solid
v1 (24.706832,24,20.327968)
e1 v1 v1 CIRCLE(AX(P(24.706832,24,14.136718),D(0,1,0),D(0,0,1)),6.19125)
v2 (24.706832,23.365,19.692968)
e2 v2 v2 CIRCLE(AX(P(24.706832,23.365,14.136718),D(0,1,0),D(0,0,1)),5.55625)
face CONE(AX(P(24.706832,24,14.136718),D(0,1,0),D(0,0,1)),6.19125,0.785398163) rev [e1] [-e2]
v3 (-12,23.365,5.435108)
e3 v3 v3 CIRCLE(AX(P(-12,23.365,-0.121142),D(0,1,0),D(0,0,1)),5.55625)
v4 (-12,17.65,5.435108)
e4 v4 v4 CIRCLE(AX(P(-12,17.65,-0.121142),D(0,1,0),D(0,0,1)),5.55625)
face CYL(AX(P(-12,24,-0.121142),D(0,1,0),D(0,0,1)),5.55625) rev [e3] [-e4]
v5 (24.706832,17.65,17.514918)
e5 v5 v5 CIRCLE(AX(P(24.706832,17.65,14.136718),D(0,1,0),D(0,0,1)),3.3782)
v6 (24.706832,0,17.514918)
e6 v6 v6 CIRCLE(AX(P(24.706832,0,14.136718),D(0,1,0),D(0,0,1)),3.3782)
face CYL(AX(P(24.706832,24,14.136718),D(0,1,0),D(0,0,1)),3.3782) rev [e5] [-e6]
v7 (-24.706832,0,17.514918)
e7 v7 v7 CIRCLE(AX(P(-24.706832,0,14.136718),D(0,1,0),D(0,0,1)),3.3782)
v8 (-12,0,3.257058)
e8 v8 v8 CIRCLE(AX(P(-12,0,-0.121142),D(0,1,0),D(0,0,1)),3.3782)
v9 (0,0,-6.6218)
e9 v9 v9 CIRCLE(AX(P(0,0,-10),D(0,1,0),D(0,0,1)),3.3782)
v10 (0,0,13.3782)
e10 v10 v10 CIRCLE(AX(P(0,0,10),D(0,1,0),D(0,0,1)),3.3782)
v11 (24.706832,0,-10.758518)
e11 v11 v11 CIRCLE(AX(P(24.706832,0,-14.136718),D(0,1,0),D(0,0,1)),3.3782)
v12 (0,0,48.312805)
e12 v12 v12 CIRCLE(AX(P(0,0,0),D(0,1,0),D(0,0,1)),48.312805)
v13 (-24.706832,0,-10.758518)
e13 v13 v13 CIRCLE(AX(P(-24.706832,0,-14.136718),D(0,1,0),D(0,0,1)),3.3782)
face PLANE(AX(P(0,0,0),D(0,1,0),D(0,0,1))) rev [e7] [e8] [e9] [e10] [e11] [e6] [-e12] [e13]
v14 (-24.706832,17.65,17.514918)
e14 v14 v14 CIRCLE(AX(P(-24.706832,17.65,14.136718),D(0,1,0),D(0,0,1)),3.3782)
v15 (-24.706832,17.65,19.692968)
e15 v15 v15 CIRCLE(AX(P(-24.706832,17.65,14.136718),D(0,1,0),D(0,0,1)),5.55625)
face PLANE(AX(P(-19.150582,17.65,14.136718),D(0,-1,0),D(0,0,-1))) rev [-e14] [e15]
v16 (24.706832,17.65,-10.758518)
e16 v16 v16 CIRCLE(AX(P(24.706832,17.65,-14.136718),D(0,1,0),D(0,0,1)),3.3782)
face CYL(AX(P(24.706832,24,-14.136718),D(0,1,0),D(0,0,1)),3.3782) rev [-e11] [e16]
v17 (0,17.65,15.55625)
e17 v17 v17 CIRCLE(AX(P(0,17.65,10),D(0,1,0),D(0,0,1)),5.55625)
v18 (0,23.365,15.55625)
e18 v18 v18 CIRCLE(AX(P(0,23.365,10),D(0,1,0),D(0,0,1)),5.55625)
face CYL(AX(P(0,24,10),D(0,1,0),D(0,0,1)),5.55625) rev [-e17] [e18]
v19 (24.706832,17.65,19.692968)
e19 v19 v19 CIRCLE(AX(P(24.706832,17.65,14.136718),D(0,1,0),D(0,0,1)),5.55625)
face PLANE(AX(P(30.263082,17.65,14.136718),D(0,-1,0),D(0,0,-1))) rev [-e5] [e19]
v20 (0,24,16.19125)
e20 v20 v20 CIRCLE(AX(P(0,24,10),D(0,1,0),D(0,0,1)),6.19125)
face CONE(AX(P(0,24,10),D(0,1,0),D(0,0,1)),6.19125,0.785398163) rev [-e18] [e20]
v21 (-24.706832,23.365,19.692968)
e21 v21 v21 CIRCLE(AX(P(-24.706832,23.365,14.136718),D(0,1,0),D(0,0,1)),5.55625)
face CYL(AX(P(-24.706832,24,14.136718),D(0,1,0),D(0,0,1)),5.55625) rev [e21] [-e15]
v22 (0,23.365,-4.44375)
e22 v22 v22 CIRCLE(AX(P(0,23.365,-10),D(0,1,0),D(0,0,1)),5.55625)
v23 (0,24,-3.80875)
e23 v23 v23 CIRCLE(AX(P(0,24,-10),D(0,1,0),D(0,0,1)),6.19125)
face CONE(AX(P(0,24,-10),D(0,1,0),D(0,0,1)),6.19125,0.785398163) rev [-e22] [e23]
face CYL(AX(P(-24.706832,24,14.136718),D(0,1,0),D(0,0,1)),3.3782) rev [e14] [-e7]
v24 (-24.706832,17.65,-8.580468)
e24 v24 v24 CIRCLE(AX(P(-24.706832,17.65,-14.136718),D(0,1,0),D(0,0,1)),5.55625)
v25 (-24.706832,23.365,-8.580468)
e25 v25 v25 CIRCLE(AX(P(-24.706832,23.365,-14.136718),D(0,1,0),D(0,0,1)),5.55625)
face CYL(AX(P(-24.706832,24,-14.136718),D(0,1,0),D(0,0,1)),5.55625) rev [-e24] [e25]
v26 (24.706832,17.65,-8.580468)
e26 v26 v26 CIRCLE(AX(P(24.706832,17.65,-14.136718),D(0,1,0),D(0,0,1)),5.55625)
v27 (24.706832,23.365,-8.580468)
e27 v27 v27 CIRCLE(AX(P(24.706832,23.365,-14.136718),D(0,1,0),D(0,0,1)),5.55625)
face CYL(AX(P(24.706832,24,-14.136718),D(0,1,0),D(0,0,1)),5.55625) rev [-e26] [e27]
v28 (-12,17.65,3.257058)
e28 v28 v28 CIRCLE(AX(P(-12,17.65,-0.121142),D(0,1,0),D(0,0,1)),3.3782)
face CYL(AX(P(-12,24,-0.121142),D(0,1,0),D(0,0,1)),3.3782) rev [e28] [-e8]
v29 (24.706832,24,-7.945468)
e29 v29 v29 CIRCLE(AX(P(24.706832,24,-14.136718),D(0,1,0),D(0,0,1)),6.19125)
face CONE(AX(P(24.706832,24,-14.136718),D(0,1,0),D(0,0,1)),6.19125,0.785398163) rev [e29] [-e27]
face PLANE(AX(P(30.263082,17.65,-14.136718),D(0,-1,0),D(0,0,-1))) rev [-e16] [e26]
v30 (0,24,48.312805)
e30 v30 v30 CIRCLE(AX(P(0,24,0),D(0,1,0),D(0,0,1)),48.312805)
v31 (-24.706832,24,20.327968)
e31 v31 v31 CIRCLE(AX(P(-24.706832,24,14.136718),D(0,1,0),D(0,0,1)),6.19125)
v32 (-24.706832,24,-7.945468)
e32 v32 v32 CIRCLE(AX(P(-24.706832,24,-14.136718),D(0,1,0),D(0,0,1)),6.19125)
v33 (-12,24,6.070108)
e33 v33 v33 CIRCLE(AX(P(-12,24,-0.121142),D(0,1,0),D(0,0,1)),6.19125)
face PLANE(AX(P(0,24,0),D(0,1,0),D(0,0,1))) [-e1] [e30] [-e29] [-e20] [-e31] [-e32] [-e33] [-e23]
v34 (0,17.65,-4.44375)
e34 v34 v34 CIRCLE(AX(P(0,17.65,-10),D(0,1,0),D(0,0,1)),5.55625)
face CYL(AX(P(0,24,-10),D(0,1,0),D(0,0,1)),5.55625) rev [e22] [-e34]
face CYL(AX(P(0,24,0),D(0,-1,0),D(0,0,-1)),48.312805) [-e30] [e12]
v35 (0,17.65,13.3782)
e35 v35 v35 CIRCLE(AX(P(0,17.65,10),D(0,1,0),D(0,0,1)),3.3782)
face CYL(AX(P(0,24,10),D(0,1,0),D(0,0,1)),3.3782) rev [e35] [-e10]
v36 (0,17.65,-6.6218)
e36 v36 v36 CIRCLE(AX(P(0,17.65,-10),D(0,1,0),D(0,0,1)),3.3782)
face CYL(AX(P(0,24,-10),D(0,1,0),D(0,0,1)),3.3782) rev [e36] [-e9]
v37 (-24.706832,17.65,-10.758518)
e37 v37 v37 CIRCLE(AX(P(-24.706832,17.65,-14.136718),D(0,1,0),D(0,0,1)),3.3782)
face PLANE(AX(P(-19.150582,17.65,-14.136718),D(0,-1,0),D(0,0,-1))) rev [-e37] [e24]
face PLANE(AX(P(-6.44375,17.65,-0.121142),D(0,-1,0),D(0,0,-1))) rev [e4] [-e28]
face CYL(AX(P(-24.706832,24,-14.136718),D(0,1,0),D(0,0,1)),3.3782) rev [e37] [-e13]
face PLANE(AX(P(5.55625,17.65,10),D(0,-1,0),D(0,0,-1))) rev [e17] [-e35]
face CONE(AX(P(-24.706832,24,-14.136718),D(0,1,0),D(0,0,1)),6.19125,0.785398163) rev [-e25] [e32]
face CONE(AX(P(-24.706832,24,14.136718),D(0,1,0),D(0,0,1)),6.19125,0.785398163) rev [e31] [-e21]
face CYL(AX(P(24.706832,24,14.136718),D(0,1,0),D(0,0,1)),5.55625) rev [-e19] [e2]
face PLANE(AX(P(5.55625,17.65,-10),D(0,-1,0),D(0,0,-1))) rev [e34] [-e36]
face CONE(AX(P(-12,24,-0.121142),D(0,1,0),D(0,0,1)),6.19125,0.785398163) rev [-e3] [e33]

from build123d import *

# Parameters (mm, degrees)
SKETCH1_R                                     = 48.312804733
BOSS_EXTRUDE1_DEPTH                           = 24
CBORE_FOR_1_4_SOCKET_HEAD_CAP_SCREW1_AT_COUNT = 2
CBORE_FOR_1_4_SOCKET_HEAD_CAP_SCREW1_AT_PITCH = 25.050748534
CBORE_FOR_1_4_SOCKET_HEAD_CAP_SCREW1_2_COUNT  = 2
CBORE_FOR_1_4_SOCKET_HEAD_CAP_SCREW1_2_PITCH  = 34.539958202
CBORE_FOR_1_4_SOCKET_HEAD_CAP_SCREW1_3_COUNT  = 2
CBORE_FOR_1_4_SOCKET_HEAD_CAP_SCREW1_3_PITCH  = 34.539958202
CBORE_FOR_1_4_SOCKET_HEAD_CAP_SCREW1_4_COUNT  = 2
CBORE_FOR_1_4_SOCKET_HEAD_CAP_SCREW1_4_PITCH  = 20
CBORE_FOR_1_4_SOCKET_HEAD_CAP_SCREW1_5_COUNT  = 2
CBORE_FOR_1_4_SOCKET_HEAD_CAP_SCREW1_5_PITCH  = 25.050748534
CBORE_FOR_1_4_SOCKET_HEAD_CAP_SCREW1_6_COUNT  = 2
CBORE_FOR_1_4_SOCKET_HEAD_CAP_SCREW1_6_PITCH  = 15.698328502


with BuildPart() as part:
    # Sketch1 → Boss-Extrude1 (new body)
    with BuildSketch(Plane(origin=(0, 0, 0), x_dir=(1, 0, 0), z_dir=(0, 1, 0))):
        with Locations(Location((0, 0, 0), (0, 0, 270))):
            Circle(SKETCH1_R)
    extrude(amount=BOSS_EXTRUDE1_DEPTH)

    # Sketch3 → CBORE for 1/4 Socket Head Cap Screw1 (revolve, cut)
    with BuildSketch(Plane(origin=(0, 24, 10), x_dir=(0, 0, 1), z_dir=(1, 0, 0))):
        Polygon((0, 0), (0, 24), (3.3782, 24), (3.3782, 6.35), (5.55625, 6.35), (5.55625, 0.635), (6.19125, 0), align=None)
    cbore_for_1_4_socket_head_cap_screw1 = revolve(axis=Axis((0, 30.35, 10), (0, -1, 0)), mode=Mode.SUBTRACT)

    # CBORE for 1/4 Socket Head Cap Screw1 at: CBORE for 1/4 Socket Head Cap Screw1 ×2
    with Locations(*[Vector(-0.9862712240770178, 0, 0.16513349919874187) * (i * CBORE_FOR_1_4_SOCKET_HEAD_CAP_SCREW1_AT_PITCH) for i in range(1, CBORE_FOR_1_4_SOCKET_HEAD_CAP_SCREW1_AT_COUNT)]):
        add(cbore_for_1_4_socket_head_cap_screw1, mode=Mode.SUBTRACT)

    # CBORE for 1_4 Socket Head Cap Screw1 2: CBORE for 1/4 Socket Head Cap Screw1 ×2
    with Locations(*[Vector(-0.7153115900071431, 0, -0.6988056447979316) * (i * CBORE_FOR_1_4_SOCKET_HEAD_CAP_SCREW1_2_PITCH) for i in range(1, CBORE_FOR_1_4_SOCKET_HEAD_CAP_SCREW1_2_COUNT)]):
        add(cbore_for_1_4_socket_head_cap_screw1, mode=Mode.SUBTRACT)

    # CBORE for 1_4 Socket Head Cap Screw1 3: CBORE for 1/4 Socket Head Cap Screw1 ×2
    with Locations(*[Vector(0.7153115900071431, 0, -0.6988056447979316) * (i * CBORE_FOR_1_4_SOCKET_HEAD_CAP_SCREW1_3_PITCH) for i in range(1, CBORE_FOR_1_4_SOCKET_HEAD_CAP_SCREW1_3_COUNT)]):
        add(cbore_for_1_4_socket_head_cap_screw1, mode=Mode.SUBTRACT)

    # CBORE for 1_4 Socket Head Cap Screw1 4: CBORE for 1/4 Socket Head Cap Screw1 ×2
    with Locations(*[(0, 0, -i * CBORE_FOR_1_4_SOCKET_HEAD_CAP_SCREW1_4_PITCH) for i in range(1, CBORE_FOR_1_4_SOCKET_HEAD_CAP_SCREW1_4_COUNT)]):
        add(cbore_for_1_4_socket_head_cap_screw1, mode=Mode.SUBTRACT)

    # CBORE for 1_4 Socket Head Cap Screw1 5: CBORE for 1/4 Socket Head Cap Screw1 ×2
    with Locations(*[Vector(0.9862712240770178, 0, 0.16513349919874187) * (i * CBORE_FOR_1_4_SOCKET_HEAD_CAP_SCREW1_5_PITCH) for i in range(1, CBORE_FOR_1_4_SOCKET_HEAD_CAP_SCREW1_5_COUNT)]):
        add(cbore_for_1_4_socket_head_cap_screw1, mode=Mode.SUBTRACT)

    # CBORE for 1_4 Socket Head Cap Screw1 6: CBORE for 1/4 Socket Head Cap Screw1 ×2
    with Locations(*[Vector(-0.7644125932390737, 0, -0.6447273743975157) * (i * CBORE_FOR_1_4_SOCKET_HEAD_CAP_SCREW1_6_PITCH) for i in range(1, CBORE_FOR_1_4_SOCKET_HEAD_CAP_SCREW1_6_COUNT)]):
        add(cbore_for_1_4_socket_head_cap_screw1, mode=Mode.SUBTRACT)


solid = part.part
